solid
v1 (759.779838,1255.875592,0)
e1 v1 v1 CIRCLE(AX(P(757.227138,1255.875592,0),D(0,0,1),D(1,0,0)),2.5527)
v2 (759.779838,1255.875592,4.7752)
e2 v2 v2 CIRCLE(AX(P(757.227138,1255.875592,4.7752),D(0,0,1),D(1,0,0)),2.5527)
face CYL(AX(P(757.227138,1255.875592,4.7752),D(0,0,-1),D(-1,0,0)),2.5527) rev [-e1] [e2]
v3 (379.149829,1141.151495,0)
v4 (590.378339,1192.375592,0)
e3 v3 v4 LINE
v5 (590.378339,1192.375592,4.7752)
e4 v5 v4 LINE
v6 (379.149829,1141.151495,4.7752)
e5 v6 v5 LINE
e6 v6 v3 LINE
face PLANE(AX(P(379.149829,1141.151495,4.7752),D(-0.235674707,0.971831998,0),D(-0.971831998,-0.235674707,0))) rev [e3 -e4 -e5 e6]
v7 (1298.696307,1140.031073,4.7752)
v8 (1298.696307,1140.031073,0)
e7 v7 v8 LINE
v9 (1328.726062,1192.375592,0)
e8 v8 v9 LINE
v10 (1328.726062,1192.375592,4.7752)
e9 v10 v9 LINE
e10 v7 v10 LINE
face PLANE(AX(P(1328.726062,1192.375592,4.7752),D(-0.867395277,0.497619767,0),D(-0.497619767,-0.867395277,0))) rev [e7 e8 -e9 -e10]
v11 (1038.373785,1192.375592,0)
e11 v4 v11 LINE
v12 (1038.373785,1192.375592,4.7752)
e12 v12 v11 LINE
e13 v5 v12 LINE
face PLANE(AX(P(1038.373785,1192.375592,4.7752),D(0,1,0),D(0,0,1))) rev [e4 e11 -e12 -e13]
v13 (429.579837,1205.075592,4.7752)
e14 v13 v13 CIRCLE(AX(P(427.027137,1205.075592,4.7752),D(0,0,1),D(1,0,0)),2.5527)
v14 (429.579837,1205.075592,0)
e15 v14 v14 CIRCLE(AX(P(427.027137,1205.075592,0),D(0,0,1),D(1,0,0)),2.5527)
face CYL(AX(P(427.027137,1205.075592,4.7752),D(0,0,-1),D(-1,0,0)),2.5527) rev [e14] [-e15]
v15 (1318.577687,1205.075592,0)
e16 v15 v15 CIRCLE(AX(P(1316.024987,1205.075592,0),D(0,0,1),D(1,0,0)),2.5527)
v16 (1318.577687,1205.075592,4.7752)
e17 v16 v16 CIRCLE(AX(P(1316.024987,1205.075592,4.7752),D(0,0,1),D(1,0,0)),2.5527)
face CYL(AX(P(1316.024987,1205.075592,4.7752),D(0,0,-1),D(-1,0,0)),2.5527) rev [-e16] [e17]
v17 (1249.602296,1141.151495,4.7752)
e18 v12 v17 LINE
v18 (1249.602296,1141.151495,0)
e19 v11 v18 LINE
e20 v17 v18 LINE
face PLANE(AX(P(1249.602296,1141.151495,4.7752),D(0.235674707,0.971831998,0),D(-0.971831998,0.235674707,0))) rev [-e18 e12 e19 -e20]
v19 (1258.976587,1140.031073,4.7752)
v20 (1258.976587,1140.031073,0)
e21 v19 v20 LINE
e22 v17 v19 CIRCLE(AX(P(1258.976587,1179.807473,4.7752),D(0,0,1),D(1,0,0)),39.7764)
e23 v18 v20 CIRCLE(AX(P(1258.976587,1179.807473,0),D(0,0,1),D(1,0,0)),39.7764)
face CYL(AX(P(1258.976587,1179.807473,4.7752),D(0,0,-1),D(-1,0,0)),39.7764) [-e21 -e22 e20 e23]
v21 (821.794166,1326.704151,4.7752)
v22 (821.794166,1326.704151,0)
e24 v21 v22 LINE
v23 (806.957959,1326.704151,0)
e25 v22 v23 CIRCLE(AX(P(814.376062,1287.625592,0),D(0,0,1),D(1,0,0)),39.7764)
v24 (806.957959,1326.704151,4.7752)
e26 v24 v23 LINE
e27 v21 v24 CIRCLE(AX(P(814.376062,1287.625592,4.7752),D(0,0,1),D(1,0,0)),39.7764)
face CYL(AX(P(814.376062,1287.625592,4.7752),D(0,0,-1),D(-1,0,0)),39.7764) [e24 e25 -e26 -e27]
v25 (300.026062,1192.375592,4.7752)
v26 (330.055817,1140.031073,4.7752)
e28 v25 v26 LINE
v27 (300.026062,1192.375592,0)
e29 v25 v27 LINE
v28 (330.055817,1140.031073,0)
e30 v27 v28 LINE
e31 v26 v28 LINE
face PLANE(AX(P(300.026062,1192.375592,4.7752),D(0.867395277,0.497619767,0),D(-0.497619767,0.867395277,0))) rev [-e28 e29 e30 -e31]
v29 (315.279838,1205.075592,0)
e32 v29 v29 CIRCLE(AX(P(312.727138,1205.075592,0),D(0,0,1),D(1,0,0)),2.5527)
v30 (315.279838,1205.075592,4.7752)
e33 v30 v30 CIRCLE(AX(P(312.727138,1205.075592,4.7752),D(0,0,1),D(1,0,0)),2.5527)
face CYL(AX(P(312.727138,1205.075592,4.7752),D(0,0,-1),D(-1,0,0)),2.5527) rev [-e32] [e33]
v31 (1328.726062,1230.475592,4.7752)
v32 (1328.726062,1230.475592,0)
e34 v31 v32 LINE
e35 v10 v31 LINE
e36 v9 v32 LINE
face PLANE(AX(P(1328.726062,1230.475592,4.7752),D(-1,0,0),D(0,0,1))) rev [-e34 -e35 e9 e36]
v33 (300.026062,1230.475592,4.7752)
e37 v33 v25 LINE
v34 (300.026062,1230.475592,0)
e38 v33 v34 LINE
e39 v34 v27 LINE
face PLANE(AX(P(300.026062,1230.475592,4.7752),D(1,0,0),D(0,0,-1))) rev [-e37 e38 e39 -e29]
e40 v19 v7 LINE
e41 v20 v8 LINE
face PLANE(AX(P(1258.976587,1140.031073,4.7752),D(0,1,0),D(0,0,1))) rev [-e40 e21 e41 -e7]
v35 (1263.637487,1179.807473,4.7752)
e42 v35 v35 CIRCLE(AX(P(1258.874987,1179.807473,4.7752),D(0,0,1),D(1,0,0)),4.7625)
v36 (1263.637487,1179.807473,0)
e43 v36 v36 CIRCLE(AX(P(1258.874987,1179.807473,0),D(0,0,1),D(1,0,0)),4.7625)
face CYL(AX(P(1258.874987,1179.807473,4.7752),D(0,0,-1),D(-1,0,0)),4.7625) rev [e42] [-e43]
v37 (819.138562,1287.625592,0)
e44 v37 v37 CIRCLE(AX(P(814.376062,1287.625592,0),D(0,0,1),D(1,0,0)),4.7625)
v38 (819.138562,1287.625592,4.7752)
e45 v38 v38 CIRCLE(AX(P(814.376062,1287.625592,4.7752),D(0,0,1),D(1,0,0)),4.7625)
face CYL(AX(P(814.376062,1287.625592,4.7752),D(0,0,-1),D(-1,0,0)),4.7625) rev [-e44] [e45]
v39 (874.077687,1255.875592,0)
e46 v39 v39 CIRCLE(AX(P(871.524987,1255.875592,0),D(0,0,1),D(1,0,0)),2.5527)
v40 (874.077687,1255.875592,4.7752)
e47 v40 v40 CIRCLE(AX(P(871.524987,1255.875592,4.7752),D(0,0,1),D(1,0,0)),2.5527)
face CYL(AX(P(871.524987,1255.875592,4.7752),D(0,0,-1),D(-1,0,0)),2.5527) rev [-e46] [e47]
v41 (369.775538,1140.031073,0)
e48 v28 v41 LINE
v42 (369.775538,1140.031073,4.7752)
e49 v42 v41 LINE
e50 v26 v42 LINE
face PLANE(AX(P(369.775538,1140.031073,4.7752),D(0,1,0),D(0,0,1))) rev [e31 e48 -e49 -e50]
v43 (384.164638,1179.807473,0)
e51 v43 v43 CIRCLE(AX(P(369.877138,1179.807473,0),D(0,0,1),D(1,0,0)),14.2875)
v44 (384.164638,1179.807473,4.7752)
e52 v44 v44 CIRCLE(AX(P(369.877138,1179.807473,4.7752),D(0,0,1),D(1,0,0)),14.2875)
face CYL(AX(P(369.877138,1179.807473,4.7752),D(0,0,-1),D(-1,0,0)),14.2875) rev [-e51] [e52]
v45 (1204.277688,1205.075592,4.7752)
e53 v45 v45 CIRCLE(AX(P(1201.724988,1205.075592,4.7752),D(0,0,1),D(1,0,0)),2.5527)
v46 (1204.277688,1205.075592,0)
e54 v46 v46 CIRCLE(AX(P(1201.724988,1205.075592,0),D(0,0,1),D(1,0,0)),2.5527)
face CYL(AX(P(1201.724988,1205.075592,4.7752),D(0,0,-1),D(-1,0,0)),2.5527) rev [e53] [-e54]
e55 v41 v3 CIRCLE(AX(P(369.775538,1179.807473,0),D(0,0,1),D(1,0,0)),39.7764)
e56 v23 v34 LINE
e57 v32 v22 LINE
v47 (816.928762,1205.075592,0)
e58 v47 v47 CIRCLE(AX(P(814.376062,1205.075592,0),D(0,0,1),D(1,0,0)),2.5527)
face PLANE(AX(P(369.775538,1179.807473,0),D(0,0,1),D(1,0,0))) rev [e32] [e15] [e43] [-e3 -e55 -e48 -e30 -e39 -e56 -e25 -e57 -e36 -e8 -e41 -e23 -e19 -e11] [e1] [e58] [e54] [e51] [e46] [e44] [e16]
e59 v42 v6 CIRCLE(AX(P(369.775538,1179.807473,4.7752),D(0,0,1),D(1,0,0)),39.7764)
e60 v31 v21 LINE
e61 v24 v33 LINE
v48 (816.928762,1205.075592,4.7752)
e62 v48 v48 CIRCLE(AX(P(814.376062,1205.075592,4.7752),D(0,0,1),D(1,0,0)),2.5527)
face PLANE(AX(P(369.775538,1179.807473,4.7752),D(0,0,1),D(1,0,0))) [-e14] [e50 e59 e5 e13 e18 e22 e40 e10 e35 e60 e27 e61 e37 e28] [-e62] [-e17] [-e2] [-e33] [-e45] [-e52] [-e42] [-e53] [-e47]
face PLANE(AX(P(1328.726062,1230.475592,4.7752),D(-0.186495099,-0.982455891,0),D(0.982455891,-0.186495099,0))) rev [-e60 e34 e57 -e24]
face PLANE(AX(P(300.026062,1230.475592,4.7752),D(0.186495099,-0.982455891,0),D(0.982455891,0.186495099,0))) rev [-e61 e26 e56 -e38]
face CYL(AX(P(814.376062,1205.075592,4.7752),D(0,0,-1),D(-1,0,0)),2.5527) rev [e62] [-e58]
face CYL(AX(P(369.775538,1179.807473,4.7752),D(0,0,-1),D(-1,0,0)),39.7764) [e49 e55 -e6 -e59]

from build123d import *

# Parameters (mm, degrees)
MODEL_R             = 14.2875
MODEL_R_2           = 4.7625
MODEL_R_3           = 2.5527
BOSS_EXTRUDE1_DEPTH = 4.7752


with BuildPart() as part:
    # Model → Boss-Extrude1 (new body)
    with BuildSketch(Plane.XY):
        with BuildLine():
            Line((379.149829152, 1141.15149464), (590.378339475, 1192.375592492))
            Line((590.378339475, 1192.375592492), (814.376062419, 1192.375592492))
            Line((814.376062419, 1192.375592492), (1038.373785363, 1192.375592492))
            Line((1038.373785363, 1192.375592492), (1249.602295686, 1141.15149464))
            ThreePointArc((1249.602295686, 1141.15149464), (1254.256081724, 1140.312171612), (1258.976587117, 1140.031072925))
            Line((1258.976587117, 1140.031072925), (1298.696307446, 1140.031072925))
            Line((1298.696307446, 1140.031072925), (1328.726062419, 1192.375592492))
            Line((1328.726062419, 1192.375592492), (1328.726062419, 1230.475592492))
            Line((1328.726062419, 1230.475592492), (821.794166075, 1326.704151001))
            ThreePointArc((821.794166075, 1326.704151001), (814.376062419, 1327.401992492), (806.957958762, 1326.704151001))
            Line((806.957958762, 1326.704151001), (300.026062419, 1230.475592492))
            Line((300.026062419, 1230.475592492), (300.026062419, 1192.375592492))
            Line((300.026062419, 1192.375592492), (330.055817392, 1140.031072925))
            Line((330.055817392, 1140.031072925), (369.775537721, 1140.031072925))
            ThreePointArc((369.775537721, 1140.031072925), (374.496043114, 1140.312171612), (379.149829152, 1141.15149464))
        make_face()
        with Locations((369.877137721, 1179.807472925)):
            Circle(MODEL_R, mode=Mode.SUBTRACT)
        with Locations((814.376062419, 1287.625592492)):
            Circle(MODEL_R_2, mode=Mode.SUBTRACT)
        with Locations((1258.874987117, 1179.807472925)):
            Circle(MODEL_R_2, mode=Mode.SUBTRACT)
        with Locations((1201.72498751, 1205.075592492)):
            Circle(MODEL_R_3, mode=Mode.SUBTRACT)
        with Locations((1316.024986723, 1205.075592492)):
            Circle(MODEL_R_3, mode=Mode.SUBTRACT)
        with Locations((757.227138115, 1255.875592492)):
            Circle(MODEL_R_3, mode=Mode.SUBTRACT)
        with Locations((871.524986723, 1255.875592492)):
            Circle(MODEL_R_3, mode=Mode.SUBTRACT)
        with Locations((814.376062419, 1205.075592492)):
            Circle(MODEL_R_3, mode=Mode.SUBTRACT)
        with Locations((312.727138115, 1205.075592492)):
            Circle(MODEL_R_3, mode=Mode.SUBTRACT)
        with Locations((427.027137328, 1205.075592492)):
            Circle(MODEL_R_3, mode=Mode.SUBTRACT)
    extrude(amount=BOSS_EXTRUDE1_DEPTH)


solid = part.part
